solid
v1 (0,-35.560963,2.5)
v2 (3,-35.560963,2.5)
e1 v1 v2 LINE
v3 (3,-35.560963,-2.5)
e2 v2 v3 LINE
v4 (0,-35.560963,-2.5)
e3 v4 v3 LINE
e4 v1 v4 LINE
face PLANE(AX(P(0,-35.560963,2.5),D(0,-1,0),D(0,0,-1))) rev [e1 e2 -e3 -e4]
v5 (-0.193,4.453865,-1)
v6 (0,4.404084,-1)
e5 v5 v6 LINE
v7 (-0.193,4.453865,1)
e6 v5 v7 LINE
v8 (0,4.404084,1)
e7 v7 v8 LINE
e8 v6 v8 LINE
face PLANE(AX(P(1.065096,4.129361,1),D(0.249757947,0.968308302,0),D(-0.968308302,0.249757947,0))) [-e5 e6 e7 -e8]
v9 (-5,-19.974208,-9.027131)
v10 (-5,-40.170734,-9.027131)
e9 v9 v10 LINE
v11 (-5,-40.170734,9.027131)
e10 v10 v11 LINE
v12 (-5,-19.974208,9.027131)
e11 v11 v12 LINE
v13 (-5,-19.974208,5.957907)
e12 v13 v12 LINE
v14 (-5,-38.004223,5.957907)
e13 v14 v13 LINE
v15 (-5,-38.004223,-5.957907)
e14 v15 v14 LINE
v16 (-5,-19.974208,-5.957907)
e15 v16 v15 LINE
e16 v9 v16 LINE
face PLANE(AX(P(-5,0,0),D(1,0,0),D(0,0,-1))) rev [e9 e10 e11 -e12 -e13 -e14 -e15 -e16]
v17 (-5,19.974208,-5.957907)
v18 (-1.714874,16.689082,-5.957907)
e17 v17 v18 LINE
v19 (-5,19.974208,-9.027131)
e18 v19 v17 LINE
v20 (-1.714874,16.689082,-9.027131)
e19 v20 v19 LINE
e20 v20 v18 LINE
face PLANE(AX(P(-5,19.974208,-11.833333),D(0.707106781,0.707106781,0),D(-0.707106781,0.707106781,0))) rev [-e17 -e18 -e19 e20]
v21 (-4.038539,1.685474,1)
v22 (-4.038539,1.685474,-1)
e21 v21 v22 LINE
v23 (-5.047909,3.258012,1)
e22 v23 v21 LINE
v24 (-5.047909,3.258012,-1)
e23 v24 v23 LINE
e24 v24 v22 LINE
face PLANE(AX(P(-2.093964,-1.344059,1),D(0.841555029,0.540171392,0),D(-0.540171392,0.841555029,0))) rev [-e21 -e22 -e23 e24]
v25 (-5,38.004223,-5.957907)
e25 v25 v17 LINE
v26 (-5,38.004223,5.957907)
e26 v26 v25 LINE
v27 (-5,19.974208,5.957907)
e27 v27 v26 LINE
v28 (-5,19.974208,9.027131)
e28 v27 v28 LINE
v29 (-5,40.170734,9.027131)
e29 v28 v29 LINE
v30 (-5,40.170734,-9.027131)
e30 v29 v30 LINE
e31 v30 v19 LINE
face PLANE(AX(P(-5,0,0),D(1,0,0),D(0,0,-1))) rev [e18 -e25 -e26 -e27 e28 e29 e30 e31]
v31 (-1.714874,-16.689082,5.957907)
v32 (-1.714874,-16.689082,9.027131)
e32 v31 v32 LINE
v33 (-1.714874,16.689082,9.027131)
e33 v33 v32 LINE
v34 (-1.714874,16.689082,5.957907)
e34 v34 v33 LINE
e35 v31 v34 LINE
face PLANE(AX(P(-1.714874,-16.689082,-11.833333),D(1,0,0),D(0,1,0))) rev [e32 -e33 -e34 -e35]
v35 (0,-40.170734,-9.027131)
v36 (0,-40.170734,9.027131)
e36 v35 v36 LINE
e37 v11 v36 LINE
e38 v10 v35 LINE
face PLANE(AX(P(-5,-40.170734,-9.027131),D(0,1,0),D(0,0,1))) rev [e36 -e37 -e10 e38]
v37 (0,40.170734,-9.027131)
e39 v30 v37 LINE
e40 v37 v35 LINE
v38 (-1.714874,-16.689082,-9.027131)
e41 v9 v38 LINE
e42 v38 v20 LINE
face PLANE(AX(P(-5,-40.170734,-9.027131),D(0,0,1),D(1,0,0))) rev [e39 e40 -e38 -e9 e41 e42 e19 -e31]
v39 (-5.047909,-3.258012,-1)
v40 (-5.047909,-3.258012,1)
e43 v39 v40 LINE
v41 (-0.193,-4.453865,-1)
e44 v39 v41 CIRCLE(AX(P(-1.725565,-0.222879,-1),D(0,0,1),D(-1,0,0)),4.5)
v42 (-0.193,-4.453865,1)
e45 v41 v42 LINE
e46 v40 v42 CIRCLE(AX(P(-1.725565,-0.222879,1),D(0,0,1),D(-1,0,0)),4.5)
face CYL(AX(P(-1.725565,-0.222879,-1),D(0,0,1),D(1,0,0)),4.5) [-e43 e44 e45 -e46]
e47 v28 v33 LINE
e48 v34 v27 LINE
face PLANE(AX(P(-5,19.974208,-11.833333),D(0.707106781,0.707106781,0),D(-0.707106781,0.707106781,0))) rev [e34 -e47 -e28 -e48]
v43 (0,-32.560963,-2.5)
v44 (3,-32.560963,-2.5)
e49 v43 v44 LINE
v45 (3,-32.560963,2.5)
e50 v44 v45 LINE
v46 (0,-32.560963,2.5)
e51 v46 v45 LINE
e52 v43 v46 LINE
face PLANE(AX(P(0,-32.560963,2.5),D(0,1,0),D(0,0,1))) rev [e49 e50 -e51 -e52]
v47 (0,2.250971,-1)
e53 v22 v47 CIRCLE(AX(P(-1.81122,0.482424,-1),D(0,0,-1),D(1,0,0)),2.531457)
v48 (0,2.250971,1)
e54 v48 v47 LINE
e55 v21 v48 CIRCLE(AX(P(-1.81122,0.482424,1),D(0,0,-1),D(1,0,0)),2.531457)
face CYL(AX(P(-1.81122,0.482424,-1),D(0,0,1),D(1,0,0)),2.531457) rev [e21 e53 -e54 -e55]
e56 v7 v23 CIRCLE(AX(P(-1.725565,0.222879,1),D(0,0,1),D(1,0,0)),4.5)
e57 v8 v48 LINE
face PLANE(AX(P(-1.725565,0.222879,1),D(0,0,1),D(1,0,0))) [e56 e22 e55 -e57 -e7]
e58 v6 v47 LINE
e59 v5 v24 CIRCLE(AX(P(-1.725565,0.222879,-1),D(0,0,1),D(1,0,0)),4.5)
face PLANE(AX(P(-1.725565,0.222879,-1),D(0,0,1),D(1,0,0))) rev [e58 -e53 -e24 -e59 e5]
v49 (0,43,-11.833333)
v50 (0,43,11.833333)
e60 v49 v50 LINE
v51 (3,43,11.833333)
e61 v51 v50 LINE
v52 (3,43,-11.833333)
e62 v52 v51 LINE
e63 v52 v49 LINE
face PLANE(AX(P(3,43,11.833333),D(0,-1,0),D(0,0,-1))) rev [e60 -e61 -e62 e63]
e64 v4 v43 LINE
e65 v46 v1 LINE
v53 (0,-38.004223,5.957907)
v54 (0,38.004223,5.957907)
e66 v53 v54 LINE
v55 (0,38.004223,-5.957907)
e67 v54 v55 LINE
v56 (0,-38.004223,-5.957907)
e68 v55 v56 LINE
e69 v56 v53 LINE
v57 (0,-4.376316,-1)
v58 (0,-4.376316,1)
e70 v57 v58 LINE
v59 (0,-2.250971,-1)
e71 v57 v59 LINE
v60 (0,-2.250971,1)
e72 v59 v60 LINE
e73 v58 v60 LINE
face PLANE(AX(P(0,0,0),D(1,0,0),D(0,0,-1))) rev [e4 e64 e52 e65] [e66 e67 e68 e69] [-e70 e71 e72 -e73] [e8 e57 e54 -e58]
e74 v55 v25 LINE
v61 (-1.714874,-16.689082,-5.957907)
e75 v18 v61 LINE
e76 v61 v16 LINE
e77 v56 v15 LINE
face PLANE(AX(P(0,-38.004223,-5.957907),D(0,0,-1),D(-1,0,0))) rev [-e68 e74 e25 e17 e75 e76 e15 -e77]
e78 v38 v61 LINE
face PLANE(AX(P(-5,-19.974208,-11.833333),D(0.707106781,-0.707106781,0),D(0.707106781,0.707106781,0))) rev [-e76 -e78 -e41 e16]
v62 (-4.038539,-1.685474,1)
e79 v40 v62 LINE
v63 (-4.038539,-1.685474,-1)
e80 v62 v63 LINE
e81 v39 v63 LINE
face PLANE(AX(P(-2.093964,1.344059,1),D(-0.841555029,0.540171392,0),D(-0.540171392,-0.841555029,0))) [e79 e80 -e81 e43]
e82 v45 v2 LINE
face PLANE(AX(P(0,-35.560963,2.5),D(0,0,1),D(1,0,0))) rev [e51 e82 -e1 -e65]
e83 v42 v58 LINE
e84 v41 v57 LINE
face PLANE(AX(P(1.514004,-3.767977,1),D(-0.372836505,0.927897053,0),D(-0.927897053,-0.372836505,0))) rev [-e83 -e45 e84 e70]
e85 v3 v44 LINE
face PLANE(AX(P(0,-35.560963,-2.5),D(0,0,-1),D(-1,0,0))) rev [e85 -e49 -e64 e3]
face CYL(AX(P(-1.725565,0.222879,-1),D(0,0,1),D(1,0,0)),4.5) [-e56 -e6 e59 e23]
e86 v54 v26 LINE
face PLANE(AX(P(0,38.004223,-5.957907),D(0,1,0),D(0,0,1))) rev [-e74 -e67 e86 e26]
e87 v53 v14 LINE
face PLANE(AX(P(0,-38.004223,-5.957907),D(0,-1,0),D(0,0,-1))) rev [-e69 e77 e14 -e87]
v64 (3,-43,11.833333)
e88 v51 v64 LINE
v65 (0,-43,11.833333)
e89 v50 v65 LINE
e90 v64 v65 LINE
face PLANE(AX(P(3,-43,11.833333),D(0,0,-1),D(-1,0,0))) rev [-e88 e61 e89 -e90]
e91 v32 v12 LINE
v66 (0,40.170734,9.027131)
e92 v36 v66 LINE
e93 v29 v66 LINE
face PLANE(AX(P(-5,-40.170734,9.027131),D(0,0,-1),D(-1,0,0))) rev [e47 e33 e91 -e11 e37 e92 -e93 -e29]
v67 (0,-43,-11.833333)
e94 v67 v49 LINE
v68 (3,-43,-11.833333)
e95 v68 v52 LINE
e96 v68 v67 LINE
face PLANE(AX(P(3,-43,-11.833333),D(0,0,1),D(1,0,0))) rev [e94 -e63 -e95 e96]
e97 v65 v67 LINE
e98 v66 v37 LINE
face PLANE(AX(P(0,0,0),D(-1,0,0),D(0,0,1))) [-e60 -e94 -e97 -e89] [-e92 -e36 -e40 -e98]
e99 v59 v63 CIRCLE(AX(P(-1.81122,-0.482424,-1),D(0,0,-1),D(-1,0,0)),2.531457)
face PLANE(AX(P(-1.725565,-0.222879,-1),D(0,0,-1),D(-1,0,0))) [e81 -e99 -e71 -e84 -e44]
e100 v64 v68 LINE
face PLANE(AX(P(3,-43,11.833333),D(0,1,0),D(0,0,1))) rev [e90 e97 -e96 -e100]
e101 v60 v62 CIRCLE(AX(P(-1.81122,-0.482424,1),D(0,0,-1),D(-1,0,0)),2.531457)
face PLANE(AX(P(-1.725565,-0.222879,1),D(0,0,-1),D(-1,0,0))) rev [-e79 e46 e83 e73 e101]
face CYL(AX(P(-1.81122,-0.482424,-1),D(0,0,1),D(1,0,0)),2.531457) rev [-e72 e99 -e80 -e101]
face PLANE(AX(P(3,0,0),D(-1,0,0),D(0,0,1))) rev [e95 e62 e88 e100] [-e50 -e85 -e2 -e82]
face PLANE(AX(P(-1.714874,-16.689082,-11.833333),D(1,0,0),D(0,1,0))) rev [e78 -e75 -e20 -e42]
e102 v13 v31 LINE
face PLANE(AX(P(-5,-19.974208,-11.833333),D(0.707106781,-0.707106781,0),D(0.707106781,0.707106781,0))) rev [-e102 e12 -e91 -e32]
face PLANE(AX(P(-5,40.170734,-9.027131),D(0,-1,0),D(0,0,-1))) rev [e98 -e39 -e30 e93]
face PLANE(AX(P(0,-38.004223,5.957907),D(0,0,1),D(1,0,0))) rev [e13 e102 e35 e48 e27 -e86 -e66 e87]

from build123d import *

# Parameters (mm, degrees)
SKETCH1_W               = 23.666666666
SKETCH1_H               = 86
BOSS_EXTRUDE1_DEPTH     = 3
SKETCH2_W               = 5
SKETCH2_H               = 3
CUT_EXTRUDE1_DEPTH      = 45.699303997
SKETCH3_W               = 18.054262684
SKETCH3_H               = 80.34146894
BOSS_EXTRUDE2_DEPTH     = 5
SKETCH5_W               = 11.91581337
SKETCH5_H               = 76.008445896
CUT_EXTRUDE2_DEPTH      = 5
CUT_EXTRUDE3_DEPTH      = 45.877920827
CUT_EXTRUDE3_DEPTH_BACK = 45.877920827
SKETCH7_W               = 2
SKETCH7_H               = 9
BOSS_EXTRUDE3_DEPTH     = 5
CUT_EXTRUDE4_DEPTH      = 5
SKETCH9_W               = 2.534423144
SKETCH9_H               = 2
CUT_EXTRUDE5_DEPTH      = 1
CUT_EXTRUDE6_DEPTH      = 2
BOSS_EXTRUDE5_DEPTH     = 2
BOSS_EXTRUDE6_DEPTH     = 2
CUT_EXTRUDE7_START      = -2
CUT_EXTRUDE7_DEPTH      = 2


with BuildPart() as part:
    # Sketch1 → Boss-Extrude1 (new body)
    with BuildSketch(Plane(origin=(0, 0, 0), x_dir=(0, 0, -1), z_dir=(1, 0, 0))):
        Rectangle(SKETCH1_W, SKETCH1_H)
    extrude(amount=BOSS_EXTRUDE1_DEPTH)

    # Sketch2 → Cut-Extrude1 (cut, through all)
    with BuildSketch(Plane(origin=(3, 0, 0), x_dir=(0, 0, -1), z_dir=(1, 0, 0))):
        with Locations((0, -34.060962647)):
            Rectangle(SKETCH2_W, SKETCH2_H)
    extrude(amount=-CUT_EXTRUDE1_DEPTH, mode=Mode.SUBTRACT)

    # Sketch3 → Boss-Extrude2 (add)
    with BuildSketch(Plane.ZY):
        Rectangle(SKETCH3_W, SKETCH3_H)
    extrude(amount=BOSS_EXTRUDE2_DEPTH)

    # Sketch5 → Cut-Extrude2 (cut)
    with BuildSketch(Plane.ZY.offset(5)):
        Rectangle(SKETCH5_W, SKETCH5_H)
    extrude(amount=-CUT_EXTRUDE2_DEPTH, mode=Mode.SUBTRACT)

    # Sketch6 → Cut-Extrude3 (cut, two sides: drawn at the far end of the back side and taken through both)
    with BuildSketch(Plane.XY.offset(-CUT_EXTRUDE3_DEPTH_BACK)):
        Polygon((-5, -19.974207963), (-1.714874455, -16.689082418), (-1.714874455, 16.689082418), (-5, 19.974207963), align=None)
    extrude(amount=CUT_EXTRUDE3_DEPTH + CUT_EXTRUDE3_DEPTH_BACK, mode=Mode.SUBTRACT)

    # Sketch7 → Boss-Extrude3 (add)
    with BuildSketch(Plane.ZY):
        Rectangle(SKETCH7_W, SKETCH7_H)
    extrude(amount=BOSS_EXTRUDE3_DEPTH)

    # Sketch8 → Cut-Extrude4 (cut)
    with BuildSketch(Plane.XY.offset(1)):
        with BuildLine():
            ThreePointArc((-5, -0.459578833), (-2.44210099, -2.530530169), (0, -0.32421434))
            Line((0, -0.32421434), (0, 0.32421434))
            ThreePointArc((0, 0.32421434), (-2.44210099, 2.530530169), (-5, 0.459578833))
            Line((-5, 0.459578833), (-5, -0.459578833))
        make_face()
        with BuildLine():
            Line((-5, -4.5), (-2.510609776, -4.5))
            ThreePointArc((-2.510609776, -4.5), (-3.81075192, -4.308088951), (-5, -3.748724625))
            Line((-5, -3.748724625), (-5, -4.5))
        make_face()
        with BuildLine():
            Line((-2.510609776, -4.5), (0, -4.5))
            Line((0, -4.5), (0, -3.734546632))
            ThreePointArc((0, -3.734546632), (-1.198256898, -4.304384965), (-2.510609776, -4.5))
        make_face()
        with BuildLine():
            ThreePointArc((-2.510609794, 4.5), (-1.198256907, 4.304384967), (0, 3.734546632))
            Line((0, 3.734546632), (0, 4.5))
            Line((0, 4.5), (-2.510609794, 4.5))
        make_face()
        with BuildLine():
            ThreePointArc((-5, 3.748724625), (-3.810751929, 4.308088948), (-2.510609794, 4.5))
            Line((-2.510609794, 4.5), (-5, 4.5))
            Line((-5, 4.5), (-5, 3.748724625))
        make_face()
    extrude(amount=-CUT_EXTRUDE4_DEPTH, mode=Mode.SUBTRACT)

    # Sketch9 → Cut-Extrude5 (cut)
    with BuildSketch(Plane.ZY.offset(5)):
        Rectangle(SKETCH9_W, SKETCH9_H)
    extrude(amount=-CUT_EXTRUDE5_DEPTH, mode=Mode.SUBTRACT)

    # Sketch12 → Cut-Extrude6 (cut)
    with BuildSketch(Plane.XY.offset(1)):
        with BuildLine():
            Line((-4.836179898, -1), (-5, -1))
            Line((-5, -1), (-5, -3.748724625))
            ThreePointArc((-5, -3.748724625), (-2.497849634, -4.499981909), (0, -3.734546632))
            Line((0, -3.734546632), (0, -0.32421434))
            ThreePointArc((0, -0.32421434), (-2.160279243, -2.507098902), (-4.836179898, -1))
        make_face()
        with BuildLine():
            Line((-5, 3.748724625), (-5, 1))
            Line((-5, 1), (-4.836179898, 1))
            ThreePointArc((-4.836179898, 1), (-2.160279243, 2.507098902), (0, 0.32421434))
            Line((0, 0.32421434), (0, 3.734546632))
            ThreePointArc((0, 3.734546632), (-2.497849634, 4.499981909), (-5, 3.748724625))
        make_face()
    extrude(amount=-CUT_EXTRUDE6_DEPTH, mode=Mode.SUBTRACT)

    # Sketch10 → Boss-Extrude5 (add)
    with BuildSketch(Plane.XY.offset(1)):
        with BuildLine():
            Line((0.632034053, -1.144834058), (-0.193, -4.453864907))
            ThreePointArc((-0.193, -4.453864907), (-2.801828378, -4.592278965), (-5.047908598, -3.258012274))
            Line((-5.047908598, -3.258012274), (-4.41989103, -0.739171385))
            Line((-4.41989103, -0.739171385), (-4.335953587, -0.66680401))
            ThreePointArc((-4.335953587, -0.66680401), (-2.053682052, -3.002243354), (0.632034053, -1.144834058))
        make_face()
        with BuildLine():
            Line((-5.047908598, 3.258012274), (-4.41989103, 0.739171385))
            Line((-4.41989103, 0.739171385), (-4.335953587, 0.66680401))
            ThreePointArc((-4.335953587, 0.66680401), (-2.053682052, 3.002243354), (0.632034053, 1.144834058))
            Line((0.632034053, 1.144834058), (-0.193, 4.453864907))
            ThreePointArc((-0.193, 4.453864907), (-2.801828378, 4.592278965), (-5.047908598, 3.258012274))
        make_face()
    extrude(amount=-BOSS_EXTRUDE5_DEPTH)

    # Sketch13 → Boss-Extrude6 (add)
    with BuildSketch(Plane(origin=(0, 0, -1), x_dir=(-1, 0, 0), z_dir=(0, 0, -1))):
        Polygon((0, 3.679784186), (0.193, 4.453864907), (-0.617433114, 4.244828064), (-0.739085506, -4.079345447), (0.193, -4.453864907), (0, -3.679784186), (0, -2.250971384), (0, 2.250971384), align=None)
    extrude(amount=-BOSS_EXTRUDE6_DEPTH)

    # Sketch15 → Cut-Extrude7 (cut)
    with BuildSketch(Plane(origin=(0, 0, -1), x_dir=(-1, 0, 0), z_dir=(0, 0, -1)).offset(CUT_EXTRUDE7_START)):
        Polygon((4.65583066, 1.685473556), (5.047908598, 3.258012274), (4.038538563, 1.685473556), align=None)
        with BuildLine():
            Line((4.65583066, 1.685473556), (4.038538563, 1.685473556))
            ThreePointArc((4.038538563, 1.685473556), (4.241224486, 1.191898546), (4.335953587, 0.66680401))
            Line((4.335953587, 0.66680401), (4.41989103, 0.739171385))
            Line((4.41989103, 0.739171385), (4.65583066, 1.685473556))
        make_face()
        with BuildLine():
            ThreePointArc((4.335953587, -0.66680401), (4.241224486, -1.191898546), (4.038538563, -1.685473556))
            Line((4.038538563, -1.685473556), (4.65583066, -1.685473556))
            Line((4.65583066, -1.685473556), (4.41989103, -0.739171385))
            Line((4.41989103, -0.739171385), (4.335953587, -0.66680401))
        make_face()
        Polygon((4.65583066, -1.685473556), (4.038538563, -1.685473556), (5.047908598, -3.258012274), align=None)
    extrude(amount=CUT_EXTRUDE7_DEPTH, mode=Mode.SUBTRACT)


solid = part.part
